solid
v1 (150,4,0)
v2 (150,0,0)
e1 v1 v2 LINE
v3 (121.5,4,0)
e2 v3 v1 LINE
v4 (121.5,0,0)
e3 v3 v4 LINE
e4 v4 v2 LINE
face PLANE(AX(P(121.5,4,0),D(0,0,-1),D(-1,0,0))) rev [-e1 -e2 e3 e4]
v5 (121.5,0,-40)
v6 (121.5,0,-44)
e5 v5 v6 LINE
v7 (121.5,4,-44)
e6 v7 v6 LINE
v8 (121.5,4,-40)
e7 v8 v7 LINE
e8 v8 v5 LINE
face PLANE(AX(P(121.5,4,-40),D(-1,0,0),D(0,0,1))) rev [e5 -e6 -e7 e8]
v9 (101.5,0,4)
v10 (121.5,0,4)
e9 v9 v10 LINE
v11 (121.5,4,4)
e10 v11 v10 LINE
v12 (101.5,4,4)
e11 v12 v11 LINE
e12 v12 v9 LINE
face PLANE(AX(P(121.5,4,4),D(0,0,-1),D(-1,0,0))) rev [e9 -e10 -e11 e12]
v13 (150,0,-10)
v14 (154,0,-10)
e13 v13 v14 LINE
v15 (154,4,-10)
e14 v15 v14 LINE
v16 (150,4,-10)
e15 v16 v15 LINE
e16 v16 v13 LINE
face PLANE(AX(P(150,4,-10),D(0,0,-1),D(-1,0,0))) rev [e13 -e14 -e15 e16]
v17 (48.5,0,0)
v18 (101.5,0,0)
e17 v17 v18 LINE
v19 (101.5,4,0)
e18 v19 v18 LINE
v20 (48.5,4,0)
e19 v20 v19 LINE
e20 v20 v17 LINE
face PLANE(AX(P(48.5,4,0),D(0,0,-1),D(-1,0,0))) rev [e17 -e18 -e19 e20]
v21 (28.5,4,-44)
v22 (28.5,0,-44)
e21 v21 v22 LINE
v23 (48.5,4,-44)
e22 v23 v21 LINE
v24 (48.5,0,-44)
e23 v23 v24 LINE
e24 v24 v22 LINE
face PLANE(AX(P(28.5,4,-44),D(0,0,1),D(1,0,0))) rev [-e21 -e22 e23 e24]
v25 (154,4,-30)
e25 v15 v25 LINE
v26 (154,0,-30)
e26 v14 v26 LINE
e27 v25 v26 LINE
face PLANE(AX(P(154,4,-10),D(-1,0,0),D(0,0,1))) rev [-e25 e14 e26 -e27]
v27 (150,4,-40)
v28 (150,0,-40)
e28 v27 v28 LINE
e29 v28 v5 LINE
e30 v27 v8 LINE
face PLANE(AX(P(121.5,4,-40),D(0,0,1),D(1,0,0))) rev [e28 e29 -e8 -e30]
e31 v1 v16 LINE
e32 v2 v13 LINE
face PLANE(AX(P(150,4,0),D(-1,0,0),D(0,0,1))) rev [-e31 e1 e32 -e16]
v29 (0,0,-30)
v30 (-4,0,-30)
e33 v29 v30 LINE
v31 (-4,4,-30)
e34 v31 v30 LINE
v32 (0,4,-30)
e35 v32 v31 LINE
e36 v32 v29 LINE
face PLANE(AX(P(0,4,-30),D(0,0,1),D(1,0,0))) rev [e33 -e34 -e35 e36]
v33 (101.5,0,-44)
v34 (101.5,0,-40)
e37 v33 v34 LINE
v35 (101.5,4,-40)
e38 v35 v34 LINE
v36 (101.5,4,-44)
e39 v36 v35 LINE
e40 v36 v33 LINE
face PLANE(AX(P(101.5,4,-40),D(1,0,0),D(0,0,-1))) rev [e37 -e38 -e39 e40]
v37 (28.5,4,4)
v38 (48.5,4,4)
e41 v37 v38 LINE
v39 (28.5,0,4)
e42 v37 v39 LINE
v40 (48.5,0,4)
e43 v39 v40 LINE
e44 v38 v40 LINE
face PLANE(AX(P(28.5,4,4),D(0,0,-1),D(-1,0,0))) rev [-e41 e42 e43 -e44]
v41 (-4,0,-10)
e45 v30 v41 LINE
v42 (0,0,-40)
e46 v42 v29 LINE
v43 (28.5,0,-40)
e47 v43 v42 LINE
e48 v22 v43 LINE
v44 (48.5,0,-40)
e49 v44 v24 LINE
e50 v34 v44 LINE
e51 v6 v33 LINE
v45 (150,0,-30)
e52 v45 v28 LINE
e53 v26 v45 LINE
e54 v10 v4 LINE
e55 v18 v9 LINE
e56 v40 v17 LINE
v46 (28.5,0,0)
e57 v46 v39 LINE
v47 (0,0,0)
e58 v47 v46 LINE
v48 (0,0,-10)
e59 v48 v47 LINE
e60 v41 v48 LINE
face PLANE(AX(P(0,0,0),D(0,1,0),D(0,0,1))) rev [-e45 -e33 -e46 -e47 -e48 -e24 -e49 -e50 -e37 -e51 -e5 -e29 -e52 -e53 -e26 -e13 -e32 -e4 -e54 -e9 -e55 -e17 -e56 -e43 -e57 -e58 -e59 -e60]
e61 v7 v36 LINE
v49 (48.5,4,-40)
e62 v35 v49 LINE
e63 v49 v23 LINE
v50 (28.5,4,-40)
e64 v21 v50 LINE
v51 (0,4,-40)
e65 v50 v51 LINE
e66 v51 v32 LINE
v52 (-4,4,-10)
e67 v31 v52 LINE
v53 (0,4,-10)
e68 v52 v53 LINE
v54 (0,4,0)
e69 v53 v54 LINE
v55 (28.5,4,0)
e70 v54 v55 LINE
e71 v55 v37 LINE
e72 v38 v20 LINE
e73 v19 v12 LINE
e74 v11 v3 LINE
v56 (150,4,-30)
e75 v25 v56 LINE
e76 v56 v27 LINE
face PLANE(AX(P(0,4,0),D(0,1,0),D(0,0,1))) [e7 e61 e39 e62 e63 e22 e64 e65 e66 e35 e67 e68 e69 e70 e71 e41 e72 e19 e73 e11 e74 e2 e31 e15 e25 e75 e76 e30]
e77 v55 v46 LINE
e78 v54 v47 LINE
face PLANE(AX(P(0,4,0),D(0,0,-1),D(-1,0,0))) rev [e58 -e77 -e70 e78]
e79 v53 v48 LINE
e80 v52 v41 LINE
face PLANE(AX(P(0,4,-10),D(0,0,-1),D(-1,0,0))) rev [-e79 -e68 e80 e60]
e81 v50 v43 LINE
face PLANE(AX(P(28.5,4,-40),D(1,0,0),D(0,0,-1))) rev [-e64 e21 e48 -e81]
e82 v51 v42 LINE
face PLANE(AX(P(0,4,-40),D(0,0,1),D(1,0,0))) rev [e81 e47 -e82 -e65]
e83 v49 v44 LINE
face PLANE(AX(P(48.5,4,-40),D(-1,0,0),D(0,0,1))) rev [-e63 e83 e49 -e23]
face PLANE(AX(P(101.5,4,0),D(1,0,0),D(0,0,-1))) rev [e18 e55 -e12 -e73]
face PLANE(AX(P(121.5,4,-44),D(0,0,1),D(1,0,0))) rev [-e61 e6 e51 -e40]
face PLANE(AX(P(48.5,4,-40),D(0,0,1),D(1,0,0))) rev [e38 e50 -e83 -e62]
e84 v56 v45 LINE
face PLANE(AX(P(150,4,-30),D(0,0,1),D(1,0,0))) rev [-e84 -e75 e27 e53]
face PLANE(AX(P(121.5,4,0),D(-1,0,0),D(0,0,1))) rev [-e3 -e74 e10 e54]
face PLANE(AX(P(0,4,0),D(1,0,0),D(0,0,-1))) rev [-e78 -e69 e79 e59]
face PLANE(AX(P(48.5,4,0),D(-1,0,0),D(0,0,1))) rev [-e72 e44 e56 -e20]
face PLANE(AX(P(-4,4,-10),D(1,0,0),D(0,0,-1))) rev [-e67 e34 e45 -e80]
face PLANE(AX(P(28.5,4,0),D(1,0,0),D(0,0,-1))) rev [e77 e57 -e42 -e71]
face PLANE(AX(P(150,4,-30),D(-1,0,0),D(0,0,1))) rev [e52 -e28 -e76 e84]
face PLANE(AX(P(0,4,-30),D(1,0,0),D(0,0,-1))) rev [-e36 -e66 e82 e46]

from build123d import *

# Parameters (mm, degrees)
SALIENTE_EXTRUIR1_DEPTH = 4


with BuildPart() as part:
    # Croquis1 → Saliente-Extruir1 (new body)
    with BuildSketch(Plane(origin=(0, 0, 0), x_dir=(1, 0, 0), z_dir=(0, 1, 0))):
        Polygon((0, 0), (28.5, 0), (28.5, -4), (48.5, -4), (48.5, 0), (101.5, 0), (101.5, -4), (121.5, -4), (121.5, 0), (150, 0), (150, 10), (154, 10), (154, 30), (150, 30), (150, 40), (121.5, 40), (121.5, 44), (101.5, 44), (101.5, 40), (48.5, 40), (48.5, 44), (28.5, 44), (28.5, 40), (0, 40), (0, 30), (-4, 30), (-4, 10), (0, 10), align=None)
    extrude(amount=SALIENTE_EXTRUIR1_DEPTH)


solid = part.part
